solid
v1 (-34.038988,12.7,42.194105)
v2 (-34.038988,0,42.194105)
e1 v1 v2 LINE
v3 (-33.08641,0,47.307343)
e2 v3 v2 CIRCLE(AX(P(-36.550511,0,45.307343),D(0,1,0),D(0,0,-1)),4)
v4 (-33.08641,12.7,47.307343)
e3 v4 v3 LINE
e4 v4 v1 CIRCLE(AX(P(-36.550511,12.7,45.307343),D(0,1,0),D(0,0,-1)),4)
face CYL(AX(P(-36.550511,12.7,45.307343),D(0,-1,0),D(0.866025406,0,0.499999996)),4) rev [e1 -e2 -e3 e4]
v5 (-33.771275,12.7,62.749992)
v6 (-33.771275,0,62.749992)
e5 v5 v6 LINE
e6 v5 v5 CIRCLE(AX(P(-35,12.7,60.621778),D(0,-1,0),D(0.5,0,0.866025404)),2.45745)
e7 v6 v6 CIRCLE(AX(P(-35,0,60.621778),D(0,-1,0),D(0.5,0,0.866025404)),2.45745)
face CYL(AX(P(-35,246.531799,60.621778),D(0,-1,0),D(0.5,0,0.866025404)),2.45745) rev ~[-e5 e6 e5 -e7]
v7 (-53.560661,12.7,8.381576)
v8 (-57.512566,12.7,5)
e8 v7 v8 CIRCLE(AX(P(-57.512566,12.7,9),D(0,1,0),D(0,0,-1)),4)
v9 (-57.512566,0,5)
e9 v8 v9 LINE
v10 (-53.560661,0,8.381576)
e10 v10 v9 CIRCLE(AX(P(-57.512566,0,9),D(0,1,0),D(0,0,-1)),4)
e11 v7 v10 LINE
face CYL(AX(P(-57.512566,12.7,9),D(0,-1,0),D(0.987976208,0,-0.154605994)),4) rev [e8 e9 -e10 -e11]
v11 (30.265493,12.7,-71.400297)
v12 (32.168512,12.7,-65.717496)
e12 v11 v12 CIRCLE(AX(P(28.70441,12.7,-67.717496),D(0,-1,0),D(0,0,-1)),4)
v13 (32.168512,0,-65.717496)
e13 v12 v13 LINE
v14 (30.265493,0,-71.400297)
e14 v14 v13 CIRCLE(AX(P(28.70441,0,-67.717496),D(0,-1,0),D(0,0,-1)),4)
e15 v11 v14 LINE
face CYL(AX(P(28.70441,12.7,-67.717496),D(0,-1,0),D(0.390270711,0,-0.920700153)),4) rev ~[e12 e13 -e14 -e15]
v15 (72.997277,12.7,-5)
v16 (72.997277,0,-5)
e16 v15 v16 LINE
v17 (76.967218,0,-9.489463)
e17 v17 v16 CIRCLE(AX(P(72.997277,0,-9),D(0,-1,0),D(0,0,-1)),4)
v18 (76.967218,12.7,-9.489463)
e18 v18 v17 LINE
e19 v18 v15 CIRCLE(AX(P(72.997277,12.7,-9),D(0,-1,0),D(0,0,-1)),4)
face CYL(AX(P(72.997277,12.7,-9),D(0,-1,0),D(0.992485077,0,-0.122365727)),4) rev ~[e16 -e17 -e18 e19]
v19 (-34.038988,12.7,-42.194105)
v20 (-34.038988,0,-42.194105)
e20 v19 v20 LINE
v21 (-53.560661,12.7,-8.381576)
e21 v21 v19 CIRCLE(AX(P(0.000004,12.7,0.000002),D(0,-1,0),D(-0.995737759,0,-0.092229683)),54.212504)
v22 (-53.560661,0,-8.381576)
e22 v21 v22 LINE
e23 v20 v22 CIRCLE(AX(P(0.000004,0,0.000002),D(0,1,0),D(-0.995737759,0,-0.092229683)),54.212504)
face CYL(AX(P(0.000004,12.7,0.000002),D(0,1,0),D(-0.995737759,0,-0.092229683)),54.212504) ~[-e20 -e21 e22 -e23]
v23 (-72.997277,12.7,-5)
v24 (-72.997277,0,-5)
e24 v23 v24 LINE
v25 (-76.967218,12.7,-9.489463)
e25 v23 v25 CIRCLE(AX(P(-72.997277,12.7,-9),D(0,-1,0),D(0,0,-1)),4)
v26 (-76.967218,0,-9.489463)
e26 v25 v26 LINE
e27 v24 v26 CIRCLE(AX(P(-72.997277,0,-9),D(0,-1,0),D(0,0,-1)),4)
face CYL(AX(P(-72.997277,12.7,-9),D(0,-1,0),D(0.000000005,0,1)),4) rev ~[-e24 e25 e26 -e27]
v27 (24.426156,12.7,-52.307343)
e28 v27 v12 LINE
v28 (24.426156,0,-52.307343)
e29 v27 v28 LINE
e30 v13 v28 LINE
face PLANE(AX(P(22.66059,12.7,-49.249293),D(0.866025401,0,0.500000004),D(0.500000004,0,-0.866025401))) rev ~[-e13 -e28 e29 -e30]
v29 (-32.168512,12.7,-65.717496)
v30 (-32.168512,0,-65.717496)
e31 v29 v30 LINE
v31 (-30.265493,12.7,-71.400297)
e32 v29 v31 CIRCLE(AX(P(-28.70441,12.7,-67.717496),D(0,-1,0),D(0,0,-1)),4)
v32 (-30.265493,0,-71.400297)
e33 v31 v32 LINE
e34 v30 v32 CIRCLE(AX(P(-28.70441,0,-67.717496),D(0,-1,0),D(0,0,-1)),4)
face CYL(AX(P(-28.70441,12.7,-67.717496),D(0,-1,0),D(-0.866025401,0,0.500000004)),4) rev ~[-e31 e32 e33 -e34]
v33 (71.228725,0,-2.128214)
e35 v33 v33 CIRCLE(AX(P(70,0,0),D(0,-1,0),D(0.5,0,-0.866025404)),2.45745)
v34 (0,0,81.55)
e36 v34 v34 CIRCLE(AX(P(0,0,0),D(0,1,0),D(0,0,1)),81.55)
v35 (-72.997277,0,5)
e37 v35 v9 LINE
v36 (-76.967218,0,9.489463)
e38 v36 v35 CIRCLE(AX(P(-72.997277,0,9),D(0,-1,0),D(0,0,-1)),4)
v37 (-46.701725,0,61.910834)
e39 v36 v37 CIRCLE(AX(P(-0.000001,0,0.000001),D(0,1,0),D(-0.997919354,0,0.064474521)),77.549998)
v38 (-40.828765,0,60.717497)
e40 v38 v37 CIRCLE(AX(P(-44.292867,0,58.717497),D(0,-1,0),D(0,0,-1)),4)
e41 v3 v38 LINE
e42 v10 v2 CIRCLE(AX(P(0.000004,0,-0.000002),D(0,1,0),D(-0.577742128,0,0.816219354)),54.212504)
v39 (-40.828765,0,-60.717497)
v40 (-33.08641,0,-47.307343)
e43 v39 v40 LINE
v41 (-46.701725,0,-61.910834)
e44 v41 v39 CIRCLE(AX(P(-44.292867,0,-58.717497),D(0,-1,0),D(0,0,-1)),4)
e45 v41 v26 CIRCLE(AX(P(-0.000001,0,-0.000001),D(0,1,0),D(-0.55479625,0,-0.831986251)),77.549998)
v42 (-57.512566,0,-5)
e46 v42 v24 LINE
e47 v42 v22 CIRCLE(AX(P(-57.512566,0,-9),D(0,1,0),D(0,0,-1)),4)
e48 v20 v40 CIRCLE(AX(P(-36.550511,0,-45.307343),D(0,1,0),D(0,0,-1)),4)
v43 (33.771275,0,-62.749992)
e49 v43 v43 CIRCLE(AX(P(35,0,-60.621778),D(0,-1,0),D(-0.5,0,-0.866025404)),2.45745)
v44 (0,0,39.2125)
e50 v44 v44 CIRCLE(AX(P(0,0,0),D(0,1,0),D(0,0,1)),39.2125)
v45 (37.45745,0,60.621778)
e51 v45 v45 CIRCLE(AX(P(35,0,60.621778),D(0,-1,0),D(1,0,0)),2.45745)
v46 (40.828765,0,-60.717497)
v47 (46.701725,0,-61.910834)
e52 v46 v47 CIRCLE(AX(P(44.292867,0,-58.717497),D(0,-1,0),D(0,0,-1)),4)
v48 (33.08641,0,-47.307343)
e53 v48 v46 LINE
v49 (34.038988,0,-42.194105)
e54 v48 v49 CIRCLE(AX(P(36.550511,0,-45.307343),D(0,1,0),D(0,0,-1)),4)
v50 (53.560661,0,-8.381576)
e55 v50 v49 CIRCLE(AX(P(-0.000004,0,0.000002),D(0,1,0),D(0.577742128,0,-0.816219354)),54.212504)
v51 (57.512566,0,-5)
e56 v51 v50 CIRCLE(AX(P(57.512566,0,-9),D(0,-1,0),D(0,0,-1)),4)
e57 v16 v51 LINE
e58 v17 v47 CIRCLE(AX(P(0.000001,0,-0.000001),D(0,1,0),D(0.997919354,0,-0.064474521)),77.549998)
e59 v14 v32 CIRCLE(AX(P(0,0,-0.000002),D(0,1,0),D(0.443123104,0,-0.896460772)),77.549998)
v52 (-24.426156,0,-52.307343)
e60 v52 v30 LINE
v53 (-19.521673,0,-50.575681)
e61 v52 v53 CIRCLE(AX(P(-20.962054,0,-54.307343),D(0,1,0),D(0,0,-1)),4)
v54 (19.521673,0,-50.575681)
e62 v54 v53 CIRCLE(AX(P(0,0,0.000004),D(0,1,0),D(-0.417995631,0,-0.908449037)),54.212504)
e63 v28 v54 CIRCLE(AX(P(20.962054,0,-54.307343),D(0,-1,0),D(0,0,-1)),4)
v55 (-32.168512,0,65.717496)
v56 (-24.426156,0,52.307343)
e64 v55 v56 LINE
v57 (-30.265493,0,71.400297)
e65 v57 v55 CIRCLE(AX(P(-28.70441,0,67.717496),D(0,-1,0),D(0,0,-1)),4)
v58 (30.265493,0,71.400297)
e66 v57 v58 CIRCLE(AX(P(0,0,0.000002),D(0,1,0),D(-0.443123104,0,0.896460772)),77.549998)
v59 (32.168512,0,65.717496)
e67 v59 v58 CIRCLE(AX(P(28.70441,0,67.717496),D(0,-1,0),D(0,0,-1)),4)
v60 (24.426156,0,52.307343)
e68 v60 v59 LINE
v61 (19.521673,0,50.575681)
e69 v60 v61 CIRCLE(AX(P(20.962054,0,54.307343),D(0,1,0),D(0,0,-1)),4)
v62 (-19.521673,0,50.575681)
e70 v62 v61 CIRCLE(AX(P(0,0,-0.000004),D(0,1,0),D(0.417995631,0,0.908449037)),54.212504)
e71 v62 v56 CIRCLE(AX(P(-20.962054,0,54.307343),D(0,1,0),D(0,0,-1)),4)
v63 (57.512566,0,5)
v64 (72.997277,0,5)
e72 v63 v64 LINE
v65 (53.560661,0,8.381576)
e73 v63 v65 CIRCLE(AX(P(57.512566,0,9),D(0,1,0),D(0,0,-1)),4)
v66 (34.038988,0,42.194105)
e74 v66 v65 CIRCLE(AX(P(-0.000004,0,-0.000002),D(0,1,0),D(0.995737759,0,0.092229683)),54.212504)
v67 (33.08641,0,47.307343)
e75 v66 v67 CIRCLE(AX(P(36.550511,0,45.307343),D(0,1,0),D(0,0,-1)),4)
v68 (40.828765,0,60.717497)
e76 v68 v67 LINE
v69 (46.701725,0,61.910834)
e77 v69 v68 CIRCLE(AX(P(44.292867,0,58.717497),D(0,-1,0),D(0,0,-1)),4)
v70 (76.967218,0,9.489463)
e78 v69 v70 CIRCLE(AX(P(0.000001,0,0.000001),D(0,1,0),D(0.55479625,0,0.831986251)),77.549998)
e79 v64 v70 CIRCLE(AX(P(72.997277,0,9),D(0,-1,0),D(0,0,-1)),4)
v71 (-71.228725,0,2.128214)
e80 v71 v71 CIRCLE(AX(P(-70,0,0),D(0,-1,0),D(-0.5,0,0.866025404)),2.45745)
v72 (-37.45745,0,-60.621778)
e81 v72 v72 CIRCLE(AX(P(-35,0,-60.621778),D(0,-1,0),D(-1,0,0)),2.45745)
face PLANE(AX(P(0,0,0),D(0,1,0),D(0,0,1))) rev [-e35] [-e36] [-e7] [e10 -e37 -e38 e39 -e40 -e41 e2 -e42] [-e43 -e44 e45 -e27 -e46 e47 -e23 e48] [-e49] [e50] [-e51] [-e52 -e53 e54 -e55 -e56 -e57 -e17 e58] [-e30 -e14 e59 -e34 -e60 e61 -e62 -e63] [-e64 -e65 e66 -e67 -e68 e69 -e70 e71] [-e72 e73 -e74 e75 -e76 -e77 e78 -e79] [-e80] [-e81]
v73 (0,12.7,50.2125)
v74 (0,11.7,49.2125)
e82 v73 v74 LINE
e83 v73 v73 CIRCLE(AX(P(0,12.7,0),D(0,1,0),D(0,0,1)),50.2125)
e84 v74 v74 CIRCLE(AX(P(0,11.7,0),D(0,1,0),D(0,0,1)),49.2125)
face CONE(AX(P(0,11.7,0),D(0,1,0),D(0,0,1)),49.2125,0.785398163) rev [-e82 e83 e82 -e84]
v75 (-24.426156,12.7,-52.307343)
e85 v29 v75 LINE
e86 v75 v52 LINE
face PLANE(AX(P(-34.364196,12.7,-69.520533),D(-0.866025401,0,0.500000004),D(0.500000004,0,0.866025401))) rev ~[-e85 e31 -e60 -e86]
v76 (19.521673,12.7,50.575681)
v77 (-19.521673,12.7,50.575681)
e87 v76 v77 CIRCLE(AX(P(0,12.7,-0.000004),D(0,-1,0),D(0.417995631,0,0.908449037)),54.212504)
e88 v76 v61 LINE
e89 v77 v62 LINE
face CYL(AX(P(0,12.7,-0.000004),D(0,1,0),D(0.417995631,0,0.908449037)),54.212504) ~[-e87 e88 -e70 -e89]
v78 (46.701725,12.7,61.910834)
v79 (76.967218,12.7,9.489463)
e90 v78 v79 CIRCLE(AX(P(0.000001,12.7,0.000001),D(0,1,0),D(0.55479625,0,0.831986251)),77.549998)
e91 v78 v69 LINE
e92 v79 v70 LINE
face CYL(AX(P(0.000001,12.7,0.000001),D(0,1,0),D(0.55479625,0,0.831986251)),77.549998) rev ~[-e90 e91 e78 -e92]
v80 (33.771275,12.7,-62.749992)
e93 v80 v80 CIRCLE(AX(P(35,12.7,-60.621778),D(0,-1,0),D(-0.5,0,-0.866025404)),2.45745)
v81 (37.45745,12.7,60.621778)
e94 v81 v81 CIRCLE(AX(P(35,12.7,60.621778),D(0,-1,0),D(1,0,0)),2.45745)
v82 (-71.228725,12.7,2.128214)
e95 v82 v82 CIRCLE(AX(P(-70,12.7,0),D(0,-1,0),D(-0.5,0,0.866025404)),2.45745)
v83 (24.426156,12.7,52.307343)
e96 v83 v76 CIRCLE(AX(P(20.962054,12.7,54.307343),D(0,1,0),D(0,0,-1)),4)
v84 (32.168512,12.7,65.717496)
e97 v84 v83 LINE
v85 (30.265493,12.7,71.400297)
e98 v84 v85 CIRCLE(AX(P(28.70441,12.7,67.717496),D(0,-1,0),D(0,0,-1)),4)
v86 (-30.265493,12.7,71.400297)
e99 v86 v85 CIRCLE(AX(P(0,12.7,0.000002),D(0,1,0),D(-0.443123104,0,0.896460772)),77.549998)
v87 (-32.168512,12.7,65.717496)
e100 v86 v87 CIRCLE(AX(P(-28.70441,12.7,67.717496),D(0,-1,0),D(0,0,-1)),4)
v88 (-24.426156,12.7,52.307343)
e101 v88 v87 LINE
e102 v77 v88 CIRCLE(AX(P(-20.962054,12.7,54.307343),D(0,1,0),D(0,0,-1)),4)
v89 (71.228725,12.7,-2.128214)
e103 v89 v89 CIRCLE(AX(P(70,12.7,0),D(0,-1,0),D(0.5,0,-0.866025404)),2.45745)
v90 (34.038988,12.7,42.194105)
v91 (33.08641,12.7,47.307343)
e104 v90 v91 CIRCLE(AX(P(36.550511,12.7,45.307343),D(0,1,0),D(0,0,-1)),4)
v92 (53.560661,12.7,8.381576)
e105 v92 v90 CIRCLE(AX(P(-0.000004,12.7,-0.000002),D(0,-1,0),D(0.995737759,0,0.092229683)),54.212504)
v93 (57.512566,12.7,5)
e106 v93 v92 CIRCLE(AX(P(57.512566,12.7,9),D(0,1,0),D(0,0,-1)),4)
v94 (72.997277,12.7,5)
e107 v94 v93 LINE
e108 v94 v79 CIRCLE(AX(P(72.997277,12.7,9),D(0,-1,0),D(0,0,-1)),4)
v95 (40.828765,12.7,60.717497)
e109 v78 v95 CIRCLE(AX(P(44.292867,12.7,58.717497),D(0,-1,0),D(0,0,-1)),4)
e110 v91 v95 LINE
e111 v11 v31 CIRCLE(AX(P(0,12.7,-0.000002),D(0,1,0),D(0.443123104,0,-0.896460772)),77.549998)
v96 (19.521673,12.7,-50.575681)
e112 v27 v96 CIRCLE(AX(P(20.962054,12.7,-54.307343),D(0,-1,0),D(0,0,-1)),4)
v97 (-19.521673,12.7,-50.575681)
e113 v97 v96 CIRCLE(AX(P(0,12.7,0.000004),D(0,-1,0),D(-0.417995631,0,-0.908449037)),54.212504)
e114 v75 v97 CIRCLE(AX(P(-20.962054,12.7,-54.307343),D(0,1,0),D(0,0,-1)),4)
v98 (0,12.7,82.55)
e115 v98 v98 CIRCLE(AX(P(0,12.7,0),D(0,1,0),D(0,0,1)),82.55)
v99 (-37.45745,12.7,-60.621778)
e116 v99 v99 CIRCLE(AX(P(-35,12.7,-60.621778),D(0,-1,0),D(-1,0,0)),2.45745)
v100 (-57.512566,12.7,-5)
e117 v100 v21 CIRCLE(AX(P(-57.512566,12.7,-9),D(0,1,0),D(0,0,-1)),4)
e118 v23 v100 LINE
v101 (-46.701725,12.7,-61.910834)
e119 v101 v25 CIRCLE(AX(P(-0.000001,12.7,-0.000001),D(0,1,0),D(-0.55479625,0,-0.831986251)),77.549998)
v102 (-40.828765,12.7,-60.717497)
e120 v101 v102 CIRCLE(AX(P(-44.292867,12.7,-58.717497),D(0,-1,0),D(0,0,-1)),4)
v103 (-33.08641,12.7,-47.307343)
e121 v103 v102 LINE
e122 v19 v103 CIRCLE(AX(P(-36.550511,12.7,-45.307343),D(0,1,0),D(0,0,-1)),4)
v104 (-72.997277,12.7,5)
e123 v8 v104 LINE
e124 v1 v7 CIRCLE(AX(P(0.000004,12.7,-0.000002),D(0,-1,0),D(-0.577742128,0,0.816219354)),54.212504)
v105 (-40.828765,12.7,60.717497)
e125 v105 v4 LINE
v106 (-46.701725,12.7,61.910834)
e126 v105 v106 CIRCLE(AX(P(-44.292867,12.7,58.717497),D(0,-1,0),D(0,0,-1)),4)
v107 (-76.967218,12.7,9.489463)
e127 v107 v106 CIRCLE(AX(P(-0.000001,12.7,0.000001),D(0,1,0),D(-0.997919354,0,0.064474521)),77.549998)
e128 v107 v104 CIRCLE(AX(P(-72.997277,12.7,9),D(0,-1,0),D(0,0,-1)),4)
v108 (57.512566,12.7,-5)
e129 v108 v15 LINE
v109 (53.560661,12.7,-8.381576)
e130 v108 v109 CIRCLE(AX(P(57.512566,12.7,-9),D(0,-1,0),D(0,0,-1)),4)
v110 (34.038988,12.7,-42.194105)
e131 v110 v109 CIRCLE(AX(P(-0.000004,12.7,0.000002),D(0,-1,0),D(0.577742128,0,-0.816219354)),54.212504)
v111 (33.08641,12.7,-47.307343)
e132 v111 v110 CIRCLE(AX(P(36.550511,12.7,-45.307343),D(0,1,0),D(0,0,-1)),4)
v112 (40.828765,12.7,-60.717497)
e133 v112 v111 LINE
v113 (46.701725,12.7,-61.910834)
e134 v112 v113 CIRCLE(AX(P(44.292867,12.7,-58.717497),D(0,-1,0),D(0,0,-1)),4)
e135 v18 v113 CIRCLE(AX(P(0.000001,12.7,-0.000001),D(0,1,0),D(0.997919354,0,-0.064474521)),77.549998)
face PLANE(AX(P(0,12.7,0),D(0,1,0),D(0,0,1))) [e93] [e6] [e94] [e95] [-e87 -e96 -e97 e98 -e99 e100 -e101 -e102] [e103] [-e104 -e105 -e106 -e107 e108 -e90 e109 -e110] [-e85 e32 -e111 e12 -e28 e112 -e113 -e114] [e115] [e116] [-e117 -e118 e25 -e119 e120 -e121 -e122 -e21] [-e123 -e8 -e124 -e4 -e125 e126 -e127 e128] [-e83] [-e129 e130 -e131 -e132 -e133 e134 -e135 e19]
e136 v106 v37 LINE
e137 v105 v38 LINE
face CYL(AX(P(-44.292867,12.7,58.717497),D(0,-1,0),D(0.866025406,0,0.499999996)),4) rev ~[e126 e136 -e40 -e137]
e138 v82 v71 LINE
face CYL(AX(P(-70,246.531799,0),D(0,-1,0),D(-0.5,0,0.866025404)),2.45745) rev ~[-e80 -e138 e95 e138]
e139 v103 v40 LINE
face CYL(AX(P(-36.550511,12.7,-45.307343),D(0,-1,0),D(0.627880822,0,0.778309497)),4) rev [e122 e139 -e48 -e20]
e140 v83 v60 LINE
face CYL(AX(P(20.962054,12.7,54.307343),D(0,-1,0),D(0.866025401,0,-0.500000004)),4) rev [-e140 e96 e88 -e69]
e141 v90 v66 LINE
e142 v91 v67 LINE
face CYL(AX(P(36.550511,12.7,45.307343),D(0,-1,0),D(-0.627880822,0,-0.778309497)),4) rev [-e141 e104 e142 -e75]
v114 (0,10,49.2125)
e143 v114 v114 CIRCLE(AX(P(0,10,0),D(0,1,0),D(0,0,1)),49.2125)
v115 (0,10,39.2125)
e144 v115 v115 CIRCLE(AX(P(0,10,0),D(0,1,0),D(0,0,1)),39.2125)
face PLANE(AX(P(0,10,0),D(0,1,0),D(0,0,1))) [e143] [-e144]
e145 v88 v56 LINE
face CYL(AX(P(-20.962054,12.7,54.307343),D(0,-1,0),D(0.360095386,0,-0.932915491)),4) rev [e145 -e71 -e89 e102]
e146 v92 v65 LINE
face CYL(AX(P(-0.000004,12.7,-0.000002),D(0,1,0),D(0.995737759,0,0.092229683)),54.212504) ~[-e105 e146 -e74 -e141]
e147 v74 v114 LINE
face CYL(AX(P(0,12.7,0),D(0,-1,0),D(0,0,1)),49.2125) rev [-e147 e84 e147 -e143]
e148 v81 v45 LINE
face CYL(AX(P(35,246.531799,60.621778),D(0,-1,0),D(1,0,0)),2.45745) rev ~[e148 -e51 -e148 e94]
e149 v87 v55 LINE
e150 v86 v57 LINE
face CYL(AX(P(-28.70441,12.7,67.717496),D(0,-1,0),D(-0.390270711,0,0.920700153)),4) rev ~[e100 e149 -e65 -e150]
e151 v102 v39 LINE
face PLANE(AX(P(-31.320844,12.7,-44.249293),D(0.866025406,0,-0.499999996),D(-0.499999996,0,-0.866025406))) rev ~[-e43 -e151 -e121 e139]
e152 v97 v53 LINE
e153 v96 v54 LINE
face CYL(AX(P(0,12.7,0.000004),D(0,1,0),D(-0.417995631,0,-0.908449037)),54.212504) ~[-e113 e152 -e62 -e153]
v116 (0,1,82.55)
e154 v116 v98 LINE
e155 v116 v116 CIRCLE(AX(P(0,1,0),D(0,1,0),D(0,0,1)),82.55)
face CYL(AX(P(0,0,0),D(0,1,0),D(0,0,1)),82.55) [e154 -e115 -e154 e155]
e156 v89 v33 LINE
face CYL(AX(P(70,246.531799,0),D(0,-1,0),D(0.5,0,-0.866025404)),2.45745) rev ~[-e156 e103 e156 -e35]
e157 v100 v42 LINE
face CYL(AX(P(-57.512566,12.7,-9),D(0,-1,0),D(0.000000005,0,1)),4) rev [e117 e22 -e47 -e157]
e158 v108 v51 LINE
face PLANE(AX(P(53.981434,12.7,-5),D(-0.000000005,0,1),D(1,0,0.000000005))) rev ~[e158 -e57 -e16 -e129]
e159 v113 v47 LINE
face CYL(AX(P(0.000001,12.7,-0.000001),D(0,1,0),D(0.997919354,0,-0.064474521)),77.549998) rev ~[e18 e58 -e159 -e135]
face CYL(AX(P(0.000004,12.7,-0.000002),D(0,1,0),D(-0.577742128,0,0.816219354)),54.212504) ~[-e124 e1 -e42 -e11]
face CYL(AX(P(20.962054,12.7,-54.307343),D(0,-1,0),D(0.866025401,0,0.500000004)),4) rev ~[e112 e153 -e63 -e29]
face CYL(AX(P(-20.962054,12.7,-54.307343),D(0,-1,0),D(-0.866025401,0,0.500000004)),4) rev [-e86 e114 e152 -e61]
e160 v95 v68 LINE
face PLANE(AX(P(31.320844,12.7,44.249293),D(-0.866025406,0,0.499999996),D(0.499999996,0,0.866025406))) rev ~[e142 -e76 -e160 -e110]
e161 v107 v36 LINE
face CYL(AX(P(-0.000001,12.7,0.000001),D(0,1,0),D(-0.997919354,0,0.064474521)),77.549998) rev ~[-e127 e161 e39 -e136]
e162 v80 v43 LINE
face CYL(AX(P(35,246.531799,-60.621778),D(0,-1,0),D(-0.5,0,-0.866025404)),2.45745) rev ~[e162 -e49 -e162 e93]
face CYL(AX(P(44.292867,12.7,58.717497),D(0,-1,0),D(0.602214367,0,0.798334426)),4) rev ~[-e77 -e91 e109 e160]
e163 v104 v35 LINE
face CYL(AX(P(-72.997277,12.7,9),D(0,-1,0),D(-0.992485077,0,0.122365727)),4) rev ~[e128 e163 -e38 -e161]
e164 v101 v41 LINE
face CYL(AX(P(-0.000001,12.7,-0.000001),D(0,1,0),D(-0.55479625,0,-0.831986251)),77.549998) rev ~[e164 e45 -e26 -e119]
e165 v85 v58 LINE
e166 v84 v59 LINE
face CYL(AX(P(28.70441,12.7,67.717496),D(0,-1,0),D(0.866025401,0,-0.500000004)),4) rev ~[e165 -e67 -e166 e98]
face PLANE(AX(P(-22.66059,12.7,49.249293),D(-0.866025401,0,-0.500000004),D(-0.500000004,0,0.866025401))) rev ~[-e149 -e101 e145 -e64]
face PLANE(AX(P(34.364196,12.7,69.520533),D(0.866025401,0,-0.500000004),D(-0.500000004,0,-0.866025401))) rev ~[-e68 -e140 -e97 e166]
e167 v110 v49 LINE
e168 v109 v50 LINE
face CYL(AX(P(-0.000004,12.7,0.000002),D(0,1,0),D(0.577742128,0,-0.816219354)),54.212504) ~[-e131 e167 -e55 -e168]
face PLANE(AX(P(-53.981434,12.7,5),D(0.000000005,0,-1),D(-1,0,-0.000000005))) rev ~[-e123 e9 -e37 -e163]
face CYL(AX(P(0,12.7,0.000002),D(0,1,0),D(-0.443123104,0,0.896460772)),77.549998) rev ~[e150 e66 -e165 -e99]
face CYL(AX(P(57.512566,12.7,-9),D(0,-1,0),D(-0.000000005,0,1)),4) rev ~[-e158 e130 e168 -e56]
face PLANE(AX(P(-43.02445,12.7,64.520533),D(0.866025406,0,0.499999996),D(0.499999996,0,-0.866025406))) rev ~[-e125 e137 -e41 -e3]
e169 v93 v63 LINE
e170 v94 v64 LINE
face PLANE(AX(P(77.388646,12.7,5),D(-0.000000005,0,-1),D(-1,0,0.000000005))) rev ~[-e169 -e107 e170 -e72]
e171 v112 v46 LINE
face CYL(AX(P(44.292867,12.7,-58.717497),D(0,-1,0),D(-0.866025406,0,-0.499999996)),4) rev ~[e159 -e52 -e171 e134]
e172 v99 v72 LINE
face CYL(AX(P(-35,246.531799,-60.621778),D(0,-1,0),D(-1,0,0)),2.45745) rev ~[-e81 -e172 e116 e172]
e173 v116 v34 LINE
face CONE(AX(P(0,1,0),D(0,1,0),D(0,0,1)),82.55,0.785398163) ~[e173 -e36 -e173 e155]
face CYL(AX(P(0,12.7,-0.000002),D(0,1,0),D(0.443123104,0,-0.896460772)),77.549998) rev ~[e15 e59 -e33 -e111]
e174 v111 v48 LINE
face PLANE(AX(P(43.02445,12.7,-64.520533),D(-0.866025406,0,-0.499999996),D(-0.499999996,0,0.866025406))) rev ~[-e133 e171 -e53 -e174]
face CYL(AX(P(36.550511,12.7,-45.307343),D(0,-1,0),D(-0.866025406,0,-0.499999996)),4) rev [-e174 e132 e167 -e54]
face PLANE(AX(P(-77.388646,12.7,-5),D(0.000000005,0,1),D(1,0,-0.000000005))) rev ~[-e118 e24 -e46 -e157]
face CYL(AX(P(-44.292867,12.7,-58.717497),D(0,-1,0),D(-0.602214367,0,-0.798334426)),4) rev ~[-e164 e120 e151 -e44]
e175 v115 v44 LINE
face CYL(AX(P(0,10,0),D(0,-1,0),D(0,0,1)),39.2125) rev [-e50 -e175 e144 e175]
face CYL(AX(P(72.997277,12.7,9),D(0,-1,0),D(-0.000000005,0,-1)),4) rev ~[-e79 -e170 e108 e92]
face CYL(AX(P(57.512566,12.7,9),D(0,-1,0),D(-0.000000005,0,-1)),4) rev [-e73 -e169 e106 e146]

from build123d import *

# Parameters (mm, degrees)
F_10_0_1935_DIAMETER_HOLE1_D = 4.9149
CIRPATTERN3_COUNT            = 6
CUT_EXTRUDE1_DEPTH           = 13.7
FILLET1_R                    = 4
CIRPATTERN4_COUNT            = 6
FILLET1_OF_CIRPATTERN4_R     = 4
CHAMFER1_SIZE                = 1
CHAMFER2_SIZE                = 1


with BuildPart() as part:
    # Sketch2 → Revolve1 (revolve)
    with BuildSketch(Plane(origin=(0, 0, 0), x_dir=(0, 0, -1), z_dir=(1, 0, 0))):
        Polygon((-39.2125, 0), (-82.55, 0), (-82.55, 12.7), (-49.2125, 12.7), (-49.2125, 10), (-39.2125, 10), align=None)
    revolve(axis=Axis((0, -0.635, 0), (0, 1, 0)))

    # #10 (0.1935) Diameter Hole1 (through all)
    with Locations(Plane(origin=(0, 12.7, 0), x_dir=(1, 0, 0), z_dir=(0, 1, 0))):
        with Locations((-35, 60.621778)):
            f_10_0_1935_diameter_hole1 = Hole(F_10_0_1935_DIAMETER_HOLE1_D / 2)

    # CirPattern3: #10 (0.1935) Diameter Hole1 ×6 about axis
    cirpattern3_axis = Axis((0, 0, 0), (0, 1, 0))
    for i in range(1, CIRPATTERN3_COUNT):
        add(f_10_0_1935_diameter_hole1.rotate(cirpattern3_axis, i * 360 / CIRPATTERN3_COUNT), mode=Mode.SUBTRACT)

    # Sketch8 → Cut-Extrude1 (cut, through all)
    with BuildSketch(Plane(origin=(0, 12.7, 0), x_dir=(1, 0, 0), z_dir=(0, 1, 0))):
        with BuildLine():
            Line((-34.364196, 69.520533), (-22.66059, 49.249293))
            ThreePointArc((-22.66059, 49.249293), (0, 54.2125), (22.66059, 49.249293))
            Line((22.66059, 49.249293), (34.364196, 69.520533))
            ThreePointArc((34.364196, 69.520533), (0, 77.55), (-34.364196, 69.520533))
        make_face()
    cut_extrude1 = extrude(amount=-CUT_EXTRUDE1_DEPTH, mode=Mode.SUBTRACT)

    # Fillet1
    fillet1_edges = [part.edges().sort_by_distance(p)[0] for p in [
        (22.66059, 6.35, -49.249293),
        (-22.66059, 6.35, -49.249293),
        (-34.364196, 6.35, -69.520533),
        (34.364196, 6.35, -69.520533),
    ]]
    fillet(fillet1_edges, radius=FILLET1_R)

    # CirPattern4: Cut-Extrude1 ×6 about axis
    cirpattern4_axis = Axis((0, 0, 0), (0, 1, 0))
    for i in range(1, CIRPATTERN4_COUNT):
        add(cut_extrude1.rotate(cirpattern4_axis, i * 360 / CIRPATTERN4_COUNT), mode=Mode.SUBTRACT)

    # Fillet1 of CirPattern4
    fillet1_of_cirpattern4_edges = [part.edges().sort_by_distance(p)[0] for p in [
        (-31.320844, 6.35, -44.249293),
        (-53.981433, 6.35, -5),
        (-77.388646, 6.35, -5),
        (-43.02445, 6.35, -64.520533),
        (-53.981433, 6.35, 5),
        (-31.320844, 6.35, 44.249293),
        (-43.02445, 6.35, 64.520533),
        (-77.388646, 6.35, 5),
        (-22.66059, 6.35, 49.249293),
        (22.66059, 6.35, 49.249293),
        (34.364196, 6.35, 69.520533),
        (-34.364196, 6.35, 69.520533),
        (31.320844, 6.35, 44.249293),
        (53.981433, 6.35, 5),
        (77.388646, 6.35, 5),
        (43.02445, 6.35, 64.520533),
        (53.981433, 6.35, -5),
        (31.320844, 6.35, -44.249293),
        (43.02445, 6.35, -64.520533),
        (77.388646, 6.35, -5),
    ]]
    fillet(fillet1_of_cirpattern4_edges, radius=FILLET1_OF_CIRPATTERN4_R)

    # Chamfer1
    chamfer1_edges = [part.edges().sort_by_distance(p)[0] for p in [
        (0, 12.7, -49.2125),
    ]]
    chamfer(chamfer1_edges, length=CHAMFER1_SIZE)

    # Chamfer2
    chamfer2_edges = [part.edges().sort_by_distance(p)[0] for p in [
        (0, 0, -82.55),
    ]]
    chamfer(chamfer2_edges, length=CHAMFER2_SIZE)


solid = part.part
